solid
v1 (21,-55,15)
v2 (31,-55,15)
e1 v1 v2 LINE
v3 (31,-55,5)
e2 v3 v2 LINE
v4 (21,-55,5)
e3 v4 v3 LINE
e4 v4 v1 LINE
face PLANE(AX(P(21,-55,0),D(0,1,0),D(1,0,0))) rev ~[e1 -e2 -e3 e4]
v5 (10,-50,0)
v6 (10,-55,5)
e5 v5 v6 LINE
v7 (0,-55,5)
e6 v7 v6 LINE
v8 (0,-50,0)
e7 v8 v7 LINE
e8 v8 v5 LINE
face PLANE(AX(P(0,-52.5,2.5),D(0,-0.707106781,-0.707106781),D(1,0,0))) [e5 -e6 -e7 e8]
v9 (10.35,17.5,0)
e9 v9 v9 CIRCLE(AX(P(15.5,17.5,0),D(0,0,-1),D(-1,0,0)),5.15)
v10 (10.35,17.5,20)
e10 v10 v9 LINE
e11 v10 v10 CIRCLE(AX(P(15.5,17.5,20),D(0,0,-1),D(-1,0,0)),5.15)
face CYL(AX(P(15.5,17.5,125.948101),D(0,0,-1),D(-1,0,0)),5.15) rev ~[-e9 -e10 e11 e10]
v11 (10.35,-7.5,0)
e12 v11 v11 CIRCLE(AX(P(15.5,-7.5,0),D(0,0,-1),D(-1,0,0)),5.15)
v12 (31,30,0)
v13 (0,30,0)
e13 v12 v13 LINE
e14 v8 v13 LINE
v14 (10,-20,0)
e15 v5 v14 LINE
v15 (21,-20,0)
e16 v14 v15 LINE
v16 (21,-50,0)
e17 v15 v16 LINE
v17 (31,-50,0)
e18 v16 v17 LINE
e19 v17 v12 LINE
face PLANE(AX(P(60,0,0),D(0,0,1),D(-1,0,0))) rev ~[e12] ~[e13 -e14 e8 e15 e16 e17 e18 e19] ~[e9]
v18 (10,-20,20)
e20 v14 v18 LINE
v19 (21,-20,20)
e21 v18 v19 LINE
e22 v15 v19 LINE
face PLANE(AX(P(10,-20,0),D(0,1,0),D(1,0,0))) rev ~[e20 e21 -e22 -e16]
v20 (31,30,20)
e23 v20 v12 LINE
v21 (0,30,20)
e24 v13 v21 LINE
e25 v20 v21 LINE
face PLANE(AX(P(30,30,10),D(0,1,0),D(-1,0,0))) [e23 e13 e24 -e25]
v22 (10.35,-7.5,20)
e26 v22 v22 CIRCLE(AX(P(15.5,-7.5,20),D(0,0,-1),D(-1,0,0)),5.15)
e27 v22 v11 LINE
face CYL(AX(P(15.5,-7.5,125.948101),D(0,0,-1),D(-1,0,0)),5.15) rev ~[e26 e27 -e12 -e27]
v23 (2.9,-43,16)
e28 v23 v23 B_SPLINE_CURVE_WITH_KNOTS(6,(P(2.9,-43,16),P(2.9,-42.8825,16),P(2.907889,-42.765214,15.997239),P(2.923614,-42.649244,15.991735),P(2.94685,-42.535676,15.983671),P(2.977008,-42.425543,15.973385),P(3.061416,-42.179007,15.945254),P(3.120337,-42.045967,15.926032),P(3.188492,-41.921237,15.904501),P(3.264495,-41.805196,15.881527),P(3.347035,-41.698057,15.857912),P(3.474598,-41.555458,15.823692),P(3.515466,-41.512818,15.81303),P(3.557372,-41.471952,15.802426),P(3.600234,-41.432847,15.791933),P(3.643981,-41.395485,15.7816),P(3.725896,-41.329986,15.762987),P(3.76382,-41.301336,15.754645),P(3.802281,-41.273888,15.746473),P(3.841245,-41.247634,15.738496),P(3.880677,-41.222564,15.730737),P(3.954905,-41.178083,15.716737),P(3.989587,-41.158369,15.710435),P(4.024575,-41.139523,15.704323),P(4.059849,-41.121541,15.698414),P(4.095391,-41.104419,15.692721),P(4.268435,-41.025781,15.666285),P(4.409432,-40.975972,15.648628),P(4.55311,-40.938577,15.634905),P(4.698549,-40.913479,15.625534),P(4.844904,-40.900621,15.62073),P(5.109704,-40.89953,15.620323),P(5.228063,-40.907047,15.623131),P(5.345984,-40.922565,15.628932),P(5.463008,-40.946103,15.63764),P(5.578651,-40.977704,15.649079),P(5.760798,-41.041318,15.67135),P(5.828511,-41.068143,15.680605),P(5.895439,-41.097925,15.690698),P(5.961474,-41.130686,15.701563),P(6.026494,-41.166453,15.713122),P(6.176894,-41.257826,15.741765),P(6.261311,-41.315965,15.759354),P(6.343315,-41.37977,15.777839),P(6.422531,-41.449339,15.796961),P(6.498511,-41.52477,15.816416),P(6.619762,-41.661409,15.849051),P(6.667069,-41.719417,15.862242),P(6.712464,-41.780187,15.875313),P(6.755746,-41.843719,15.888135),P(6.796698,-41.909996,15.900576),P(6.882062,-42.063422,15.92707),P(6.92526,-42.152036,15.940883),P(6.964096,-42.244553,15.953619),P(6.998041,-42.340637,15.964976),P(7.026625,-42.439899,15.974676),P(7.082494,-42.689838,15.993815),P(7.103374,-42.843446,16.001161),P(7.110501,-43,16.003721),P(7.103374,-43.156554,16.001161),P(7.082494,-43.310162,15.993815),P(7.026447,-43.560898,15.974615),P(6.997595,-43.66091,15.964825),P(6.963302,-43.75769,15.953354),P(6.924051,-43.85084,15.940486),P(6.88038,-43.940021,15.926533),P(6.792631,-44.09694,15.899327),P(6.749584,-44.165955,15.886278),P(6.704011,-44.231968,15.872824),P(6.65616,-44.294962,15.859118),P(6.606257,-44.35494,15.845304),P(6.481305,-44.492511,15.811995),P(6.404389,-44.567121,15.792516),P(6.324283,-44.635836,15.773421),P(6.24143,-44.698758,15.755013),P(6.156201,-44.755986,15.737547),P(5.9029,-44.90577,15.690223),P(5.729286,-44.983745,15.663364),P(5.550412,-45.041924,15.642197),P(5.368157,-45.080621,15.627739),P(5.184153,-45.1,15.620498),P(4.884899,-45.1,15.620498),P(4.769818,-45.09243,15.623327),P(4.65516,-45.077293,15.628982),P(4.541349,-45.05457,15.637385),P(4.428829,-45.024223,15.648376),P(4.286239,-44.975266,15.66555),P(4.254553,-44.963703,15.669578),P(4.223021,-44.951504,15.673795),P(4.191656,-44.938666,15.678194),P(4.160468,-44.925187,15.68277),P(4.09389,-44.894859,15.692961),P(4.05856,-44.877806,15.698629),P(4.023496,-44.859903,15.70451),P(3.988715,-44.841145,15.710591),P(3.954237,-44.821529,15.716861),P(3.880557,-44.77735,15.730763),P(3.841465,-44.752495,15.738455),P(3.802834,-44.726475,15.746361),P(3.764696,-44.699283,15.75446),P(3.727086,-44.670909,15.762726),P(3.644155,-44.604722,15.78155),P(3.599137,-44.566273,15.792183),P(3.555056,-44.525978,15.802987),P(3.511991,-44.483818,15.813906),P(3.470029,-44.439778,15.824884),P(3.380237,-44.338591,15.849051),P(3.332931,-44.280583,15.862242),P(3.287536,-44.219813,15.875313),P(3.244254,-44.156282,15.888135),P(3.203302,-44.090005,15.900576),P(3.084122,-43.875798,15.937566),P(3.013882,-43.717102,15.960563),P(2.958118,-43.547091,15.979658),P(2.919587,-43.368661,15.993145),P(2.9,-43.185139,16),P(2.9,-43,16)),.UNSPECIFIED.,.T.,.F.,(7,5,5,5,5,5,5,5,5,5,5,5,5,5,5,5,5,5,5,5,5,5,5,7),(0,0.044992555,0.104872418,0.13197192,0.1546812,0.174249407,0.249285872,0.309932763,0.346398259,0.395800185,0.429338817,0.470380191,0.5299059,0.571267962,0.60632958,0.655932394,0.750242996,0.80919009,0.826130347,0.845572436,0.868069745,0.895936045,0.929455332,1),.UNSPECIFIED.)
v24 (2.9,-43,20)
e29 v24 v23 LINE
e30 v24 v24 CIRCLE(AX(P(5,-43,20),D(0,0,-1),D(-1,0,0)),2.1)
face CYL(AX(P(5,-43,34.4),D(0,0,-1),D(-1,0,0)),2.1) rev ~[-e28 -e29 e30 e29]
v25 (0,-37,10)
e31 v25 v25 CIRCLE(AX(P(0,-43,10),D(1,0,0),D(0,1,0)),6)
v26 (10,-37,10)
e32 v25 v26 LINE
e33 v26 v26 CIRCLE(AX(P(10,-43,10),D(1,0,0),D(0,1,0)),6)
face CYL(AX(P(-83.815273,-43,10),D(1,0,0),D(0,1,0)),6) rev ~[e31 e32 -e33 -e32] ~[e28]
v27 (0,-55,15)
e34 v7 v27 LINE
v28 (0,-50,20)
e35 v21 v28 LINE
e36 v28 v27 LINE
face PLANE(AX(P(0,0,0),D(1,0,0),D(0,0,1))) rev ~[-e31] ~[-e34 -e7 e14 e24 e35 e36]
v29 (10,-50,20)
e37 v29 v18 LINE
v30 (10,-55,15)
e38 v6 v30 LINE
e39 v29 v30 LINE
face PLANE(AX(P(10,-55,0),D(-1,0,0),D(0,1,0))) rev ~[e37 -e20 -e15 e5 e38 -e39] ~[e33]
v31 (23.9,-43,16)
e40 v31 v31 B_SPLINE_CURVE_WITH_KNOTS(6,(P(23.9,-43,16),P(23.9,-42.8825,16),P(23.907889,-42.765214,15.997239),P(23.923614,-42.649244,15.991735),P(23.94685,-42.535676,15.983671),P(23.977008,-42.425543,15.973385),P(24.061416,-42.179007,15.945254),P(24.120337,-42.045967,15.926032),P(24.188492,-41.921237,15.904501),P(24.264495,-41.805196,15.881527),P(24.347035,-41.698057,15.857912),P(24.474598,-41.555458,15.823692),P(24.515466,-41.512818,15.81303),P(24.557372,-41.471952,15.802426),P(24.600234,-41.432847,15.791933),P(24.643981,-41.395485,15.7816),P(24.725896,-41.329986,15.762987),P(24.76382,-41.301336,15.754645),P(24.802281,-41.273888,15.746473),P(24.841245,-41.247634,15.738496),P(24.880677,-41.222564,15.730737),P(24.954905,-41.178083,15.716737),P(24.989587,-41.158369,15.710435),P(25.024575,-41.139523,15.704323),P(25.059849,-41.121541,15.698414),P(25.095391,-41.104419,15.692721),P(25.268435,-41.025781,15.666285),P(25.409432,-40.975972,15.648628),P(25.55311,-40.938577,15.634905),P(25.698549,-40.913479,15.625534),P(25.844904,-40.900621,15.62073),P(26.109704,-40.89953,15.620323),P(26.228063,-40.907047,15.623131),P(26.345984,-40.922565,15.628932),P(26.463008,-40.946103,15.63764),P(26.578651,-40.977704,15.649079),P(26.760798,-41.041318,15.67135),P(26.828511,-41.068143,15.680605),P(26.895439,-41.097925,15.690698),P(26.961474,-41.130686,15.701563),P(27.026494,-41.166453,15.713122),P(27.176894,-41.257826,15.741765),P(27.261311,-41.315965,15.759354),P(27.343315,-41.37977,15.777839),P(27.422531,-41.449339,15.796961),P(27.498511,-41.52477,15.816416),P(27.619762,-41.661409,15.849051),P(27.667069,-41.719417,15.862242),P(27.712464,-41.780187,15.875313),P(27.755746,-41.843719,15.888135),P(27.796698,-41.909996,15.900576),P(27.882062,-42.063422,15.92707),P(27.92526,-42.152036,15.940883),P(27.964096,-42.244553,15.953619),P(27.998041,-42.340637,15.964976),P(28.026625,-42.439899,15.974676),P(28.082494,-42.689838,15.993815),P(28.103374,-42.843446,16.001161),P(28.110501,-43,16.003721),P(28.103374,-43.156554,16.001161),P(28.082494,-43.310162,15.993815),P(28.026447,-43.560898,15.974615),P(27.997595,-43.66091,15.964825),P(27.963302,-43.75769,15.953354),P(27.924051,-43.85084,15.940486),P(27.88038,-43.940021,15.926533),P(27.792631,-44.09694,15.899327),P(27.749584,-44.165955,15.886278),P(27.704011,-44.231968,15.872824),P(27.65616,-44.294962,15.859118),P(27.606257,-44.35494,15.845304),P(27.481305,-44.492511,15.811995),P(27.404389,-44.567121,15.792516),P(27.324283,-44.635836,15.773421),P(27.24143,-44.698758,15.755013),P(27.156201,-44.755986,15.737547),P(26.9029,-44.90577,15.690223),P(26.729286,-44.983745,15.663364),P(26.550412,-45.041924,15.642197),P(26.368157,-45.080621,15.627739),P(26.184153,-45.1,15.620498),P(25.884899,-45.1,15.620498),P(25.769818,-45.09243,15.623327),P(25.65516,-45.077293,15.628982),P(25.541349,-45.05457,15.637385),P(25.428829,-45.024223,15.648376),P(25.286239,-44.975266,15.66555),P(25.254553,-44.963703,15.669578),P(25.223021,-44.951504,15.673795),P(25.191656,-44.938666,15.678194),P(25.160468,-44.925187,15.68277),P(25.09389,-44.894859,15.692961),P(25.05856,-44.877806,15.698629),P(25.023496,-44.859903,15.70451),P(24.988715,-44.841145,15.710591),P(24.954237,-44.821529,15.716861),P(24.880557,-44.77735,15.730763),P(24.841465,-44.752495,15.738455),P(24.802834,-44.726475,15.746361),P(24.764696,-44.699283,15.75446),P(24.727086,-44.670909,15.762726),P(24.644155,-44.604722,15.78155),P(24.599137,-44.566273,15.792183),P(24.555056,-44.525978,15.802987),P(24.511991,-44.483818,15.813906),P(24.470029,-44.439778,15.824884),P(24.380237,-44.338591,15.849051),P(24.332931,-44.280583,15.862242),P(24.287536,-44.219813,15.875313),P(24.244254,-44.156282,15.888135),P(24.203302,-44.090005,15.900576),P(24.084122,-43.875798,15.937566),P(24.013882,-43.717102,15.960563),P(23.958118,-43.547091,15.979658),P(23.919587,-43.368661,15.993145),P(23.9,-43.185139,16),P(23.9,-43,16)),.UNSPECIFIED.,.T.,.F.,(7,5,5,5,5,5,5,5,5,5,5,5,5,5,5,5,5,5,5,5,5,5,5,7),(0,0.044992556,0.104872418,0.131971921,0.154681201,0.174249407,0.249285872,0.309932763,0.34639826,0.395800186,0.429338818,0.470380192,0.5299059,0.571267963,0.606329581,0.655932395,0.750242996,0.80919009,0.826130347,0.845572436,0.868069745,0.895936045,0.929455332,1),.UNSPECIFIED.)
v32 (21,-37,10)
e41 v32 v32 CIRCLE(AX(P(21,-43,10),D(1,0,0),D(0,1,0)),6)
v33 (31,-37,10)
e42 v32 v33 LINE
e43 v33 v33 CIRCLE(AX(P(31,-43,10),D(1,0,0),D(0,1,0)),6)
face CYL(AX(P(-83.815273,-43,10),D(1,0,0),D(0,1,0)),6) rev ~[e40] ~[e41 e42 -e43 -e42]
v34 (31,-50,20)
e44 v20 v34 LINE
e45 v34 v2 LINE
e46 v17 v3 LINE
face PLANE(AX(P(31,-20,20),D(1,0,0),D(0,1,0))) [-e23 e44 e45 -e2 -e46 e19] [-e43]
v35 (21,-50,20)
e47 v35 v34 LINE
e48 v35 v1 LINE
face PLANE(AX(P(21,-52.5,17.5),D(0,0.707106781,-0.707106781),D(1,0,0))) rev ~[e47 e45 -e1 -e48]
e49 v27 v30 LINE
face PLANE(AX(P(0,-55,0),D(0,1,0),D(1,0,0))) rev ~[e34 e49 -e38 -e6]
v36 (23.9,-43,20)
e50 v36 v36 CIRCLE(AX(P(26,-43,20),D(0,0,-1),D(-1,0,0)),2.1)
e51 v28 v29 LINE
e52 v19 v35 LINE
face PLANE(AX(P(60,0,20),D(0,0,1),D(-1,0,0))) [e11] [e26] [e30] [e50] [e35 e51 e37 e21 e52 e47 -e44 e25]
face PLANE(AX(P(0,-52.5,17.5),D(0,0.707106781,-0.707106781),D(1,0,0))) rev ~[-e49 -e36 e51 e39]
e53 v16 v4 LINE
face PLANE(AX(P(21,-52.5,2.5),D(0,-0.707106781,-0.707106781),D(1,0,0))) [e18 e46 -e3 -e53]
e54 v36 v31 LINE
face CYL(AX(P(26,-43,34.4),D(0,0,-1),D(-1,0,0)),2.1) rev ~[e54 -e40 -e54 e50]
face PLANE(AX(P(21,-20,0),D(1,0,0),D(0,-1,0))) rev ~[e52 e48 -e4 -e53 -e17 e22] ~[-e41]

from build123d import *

# Parameters (mm, degrees)
F1_DEPTH  = 20
F3_D      = 12
F5_D      = 4.2
F5_DEPTH  = 14.4
F5_TIP    = 1.2618073
F6_SIZE   = 5
F7_W      = 60
F7_H      = 20
F8_DEPTH  = 30
F10_D     = 10.3
F11_W     = 29
F11_H     = 50
F12_DEPTH = 20.001


with BuildPart() as f1:
    # F0 (on Top) → F1 (new body)
    with BuildSketch(Plane.XY):
        Polygon((60, 0), (0, 0), (0, -55), (10, -55), (10, -20), (21, -20), (21, -55), (31, -55), (31, -20), (60, -20), align=None)
    extrude(amount=F1_DEPTH)

    # F3 (through all)
    with Locations(Plane(origin=(0, 0, 0), x_dir=(0, -1, 0), z_dir=(-1, 0, 0))):
        with Locations((43, 10)):
            Hole(F3_D / 2)

    # F5
    with Locations(Plane.XY.offset(20)):
        with Locations((5, -43), (26, -43)):
            Hole(F5_D / 2, depth=F5_DEPTH)
            with Locations((0, 0, -(F5_DEPTH + F5_TIP / 2))):  # 118° drill point
                Cone(0, F5_D / 2, F5_TIP, mode=Mode.SUBTRACT)

    # F6
    f6_edges = [f1.edges().sort_by_distance(p)[0] for p in [
        (5, -55, 20),
        (26, -55, 20),
        (26, -55, 0),
        (5, -55, 0),
    ]]
    chamfer(f6_edges, length=F6_SIZE)

    # F7 (on face) → F8 (join)
    with BuildSketch(Plane(origin=(0, 0, 0), x_dir=(-1, 0, 0), z_dir=(0, 1, 0))):
        with Locations((-30, 10)):
            Rectangle(F7_W, F7_H)
    extrude(amount=F8_DEPTH)

    # F10 (through all)
    with Locations(Plane.XY.offset(20)):
        with Locations((15.5, 17.5), (15.5, -7.5)):
            Hole(F10_D / 2)

    # F11 (on face) → F12 (cut, through all)
    with BuildSketch(Plane.XY.offset(20)):
        with Locations((45.5, 5)):
            Rectangle(F11_W, F11_H)
    extrude(amount=-F12_DEPTH, mode=Mode.SUBTRACT)


solid = f1.part
